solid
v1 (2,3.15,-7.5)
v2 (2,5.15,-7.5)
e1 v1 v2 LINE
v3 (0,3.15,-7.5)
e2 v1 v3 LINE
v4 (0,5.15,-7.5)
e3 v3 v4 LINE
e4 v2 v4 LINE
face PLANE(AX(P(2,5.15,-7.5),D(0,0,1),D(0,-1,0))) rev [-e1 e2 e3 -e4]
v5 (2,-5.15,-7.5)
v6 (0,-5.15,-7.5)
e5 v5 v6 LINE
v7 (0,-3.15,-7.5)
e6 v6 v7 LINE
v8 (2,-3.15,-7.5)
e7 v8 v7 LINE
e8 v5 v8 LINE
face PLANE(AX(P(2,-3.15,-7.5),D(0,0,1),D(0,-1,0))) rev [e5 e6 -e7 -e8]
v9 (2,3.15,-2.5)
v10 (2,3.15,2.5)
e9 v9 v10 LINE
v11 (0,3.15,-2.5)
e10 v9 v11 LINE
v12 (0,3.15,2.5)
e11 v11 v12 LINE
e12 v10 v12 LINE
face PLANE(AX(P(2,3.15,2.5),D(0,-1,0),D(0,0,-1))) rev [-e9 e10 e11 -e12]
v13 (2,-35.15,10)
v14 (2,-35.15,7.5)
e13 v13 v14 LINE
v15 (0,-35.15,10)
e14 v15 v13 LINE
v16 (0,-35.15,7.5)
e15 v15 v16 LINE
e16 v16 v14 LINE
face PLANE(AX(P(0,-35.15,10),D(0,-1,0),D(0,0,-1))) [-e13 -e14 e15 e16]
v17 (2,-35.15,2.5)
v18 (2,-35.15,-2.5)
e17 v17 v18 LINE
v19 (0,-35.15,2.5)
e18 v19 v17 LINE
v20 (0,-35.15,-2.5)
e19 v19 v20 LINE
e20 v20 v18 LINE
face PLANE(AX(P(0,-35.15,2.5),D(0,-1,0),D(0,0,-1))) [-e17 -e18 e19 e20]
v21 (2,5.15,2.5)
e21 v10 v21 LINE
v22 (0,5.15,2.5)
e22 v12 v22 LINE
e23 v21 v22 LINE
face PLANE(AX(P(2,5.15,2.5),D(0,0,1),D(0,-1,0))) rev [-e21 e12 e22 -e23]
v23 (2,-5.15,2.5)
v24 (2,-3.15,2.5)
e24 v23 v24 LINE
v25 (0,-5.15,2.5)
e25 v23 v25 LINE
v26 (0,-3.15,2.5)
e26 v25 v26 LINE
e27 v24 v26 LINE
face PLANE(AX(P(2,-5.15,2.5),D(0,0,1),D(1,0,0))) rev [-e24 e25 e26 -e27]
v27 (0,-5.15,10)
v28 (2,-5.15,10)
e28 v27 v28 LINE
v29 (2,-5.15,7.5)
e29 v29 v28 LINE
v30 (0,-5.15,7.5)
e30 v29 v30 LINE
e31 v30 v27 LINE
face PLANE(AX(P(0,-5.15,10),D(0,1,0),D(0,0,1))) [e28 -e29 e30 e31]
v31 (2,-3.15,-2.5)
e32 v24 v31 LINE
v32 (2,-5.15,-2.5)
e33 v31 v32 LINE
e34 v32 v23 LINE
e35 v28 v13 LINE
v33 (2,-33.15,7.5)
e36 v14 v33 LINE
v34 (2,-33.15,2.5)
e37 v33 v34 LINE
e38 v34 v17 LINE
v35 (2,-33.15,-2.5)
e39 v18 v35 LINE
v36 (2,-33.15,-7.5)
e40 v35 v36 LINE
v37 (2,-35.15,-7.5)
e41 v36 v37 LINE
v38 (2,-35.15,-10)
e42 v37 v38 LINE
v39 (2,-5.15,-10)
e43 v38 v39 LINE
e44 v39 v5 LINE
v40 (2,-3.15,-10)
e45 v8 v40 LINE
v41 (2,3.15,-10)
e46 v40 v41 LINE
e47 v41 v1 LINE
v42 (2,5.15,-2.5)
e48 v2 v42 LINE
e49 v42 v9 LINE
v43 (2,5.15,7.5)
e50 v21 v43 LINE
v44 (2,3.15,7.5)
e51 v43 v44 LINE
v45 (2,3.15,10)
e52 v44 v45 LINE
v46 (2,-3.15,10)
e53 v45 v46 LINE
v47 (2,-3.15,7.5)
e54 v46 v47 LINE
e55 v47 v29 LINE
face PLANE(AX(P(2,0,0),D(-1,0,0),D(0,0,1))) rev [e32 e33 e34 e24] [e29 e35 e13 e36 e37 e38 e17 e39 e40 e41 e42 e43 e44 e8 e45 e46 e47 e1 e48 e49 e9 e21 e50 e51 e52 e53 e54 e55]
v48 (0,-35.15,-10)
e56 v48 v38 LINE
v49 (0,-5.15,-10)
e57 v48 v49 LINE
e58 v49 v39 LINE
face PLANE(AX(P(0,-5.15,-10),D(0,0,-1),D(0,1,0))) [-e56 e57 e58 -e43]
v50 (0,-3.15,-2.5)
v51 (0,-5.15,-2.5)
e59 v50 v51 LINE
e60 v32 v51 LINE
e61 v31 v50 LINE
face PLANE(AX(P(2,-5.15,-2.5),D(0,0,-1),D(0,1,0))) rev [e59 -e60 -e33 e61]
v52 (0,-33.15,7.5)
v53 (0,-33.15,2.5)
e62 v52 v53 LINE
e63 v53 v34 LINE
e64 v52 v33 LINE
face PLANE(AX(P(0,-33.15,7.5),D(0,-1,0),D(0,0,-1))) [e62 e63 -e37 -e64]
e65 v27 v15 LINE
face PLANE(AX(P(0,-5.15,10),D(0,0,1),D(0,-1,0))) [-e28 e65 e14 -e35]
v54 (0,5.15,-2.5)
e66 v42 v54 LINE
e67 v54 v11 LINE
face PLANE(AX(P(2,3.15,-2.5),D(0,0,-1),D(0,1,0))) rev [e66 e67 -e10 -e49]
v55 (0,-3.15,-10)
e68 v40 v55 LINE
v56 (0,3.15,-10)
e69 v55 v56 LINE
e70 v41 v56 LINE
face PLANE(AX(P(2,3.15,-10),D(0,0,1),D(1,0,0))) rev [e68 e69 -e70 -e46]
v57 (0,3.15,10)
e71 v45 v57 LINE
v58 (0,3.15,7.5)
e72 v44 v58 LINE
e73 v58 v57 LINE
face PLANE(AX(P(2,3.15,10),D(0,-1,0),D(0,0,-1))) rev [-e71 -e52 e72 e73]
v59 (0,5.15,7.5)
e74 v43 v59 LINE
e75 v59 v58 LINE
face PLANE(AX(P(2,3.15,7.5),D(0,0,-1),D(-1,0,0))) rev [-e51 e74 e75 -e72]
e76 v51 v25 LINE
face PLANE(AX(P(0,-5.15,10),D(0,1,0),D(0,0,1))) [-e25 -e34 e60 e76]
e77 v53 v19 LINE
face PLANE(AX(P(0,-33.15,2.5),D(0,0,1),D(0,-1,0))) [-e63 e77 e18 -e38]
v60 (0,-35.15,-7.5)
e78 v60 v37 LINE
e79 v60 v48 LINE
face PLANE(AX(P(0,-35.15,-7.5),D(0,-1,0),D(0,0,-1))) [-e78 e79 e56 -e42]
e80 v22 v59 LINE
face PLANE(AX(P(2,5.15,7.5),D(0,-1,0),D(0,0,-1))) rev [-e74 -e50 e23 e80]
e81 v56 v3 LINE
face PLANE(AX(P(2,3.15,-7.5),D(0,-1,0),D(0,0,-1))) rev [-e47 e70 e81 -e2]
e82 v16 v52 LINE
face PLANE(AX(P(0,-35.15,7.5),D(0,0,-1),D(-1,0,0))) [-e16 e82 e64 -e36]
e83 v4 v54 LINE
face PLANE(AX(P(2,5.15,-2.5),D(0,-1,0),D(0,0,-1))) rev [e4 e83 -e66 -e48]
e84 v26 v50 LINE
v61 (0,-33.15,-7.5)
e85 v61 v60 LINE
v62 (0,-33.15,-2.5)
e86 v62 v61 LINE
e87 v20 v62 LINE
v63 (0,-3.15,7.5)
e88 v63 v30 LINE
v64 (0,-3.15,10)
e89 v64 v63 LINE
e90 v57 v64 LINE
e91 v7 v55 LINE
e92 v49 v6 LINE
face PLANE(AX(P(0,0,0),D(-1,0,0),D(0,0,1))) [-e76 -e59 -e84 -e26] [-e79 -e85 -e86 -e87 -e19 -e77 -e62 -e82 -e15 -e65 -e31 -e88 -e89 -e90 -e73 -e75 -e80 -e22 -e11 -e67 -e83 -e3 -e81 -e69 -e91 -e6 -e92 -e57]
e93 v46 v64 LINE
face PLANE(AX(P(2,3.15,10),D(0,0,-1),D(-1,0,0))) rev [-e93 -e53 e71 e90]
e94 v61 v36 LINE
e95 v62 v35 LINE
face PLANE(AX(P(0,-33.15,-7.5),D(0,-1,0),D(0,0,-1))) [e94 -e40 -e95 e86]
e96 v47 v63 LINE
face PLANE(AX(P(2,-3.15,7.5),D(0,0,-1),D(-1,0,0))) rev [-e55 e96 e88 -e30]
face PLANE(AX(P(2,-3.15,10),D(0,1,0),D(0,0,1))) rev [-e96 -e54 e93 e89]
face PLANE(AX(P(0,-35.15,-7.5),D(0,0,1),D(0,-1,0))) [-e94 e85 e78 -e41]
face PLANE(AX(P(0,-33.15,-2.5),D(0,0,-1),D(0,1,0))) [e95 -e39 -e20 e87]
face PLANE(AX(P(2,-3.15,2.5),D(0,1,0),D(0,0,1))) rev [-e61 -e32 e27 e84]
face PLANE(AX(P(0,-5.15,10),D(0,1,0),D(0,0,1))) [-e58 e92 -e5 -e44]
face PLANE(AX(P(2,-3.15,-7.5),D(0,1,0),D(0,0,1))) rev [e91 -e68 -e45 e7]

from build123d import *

# Parameters (mm, degrees)
BOSS_EXTRUDE1_DEPTH = 2
BOSS_EXTRUDE2_DEPTH = 2


with BuildPart() as part:
    # Sketch1 → Boss-Extrude1 (new body)
    with BuildSketch(Plane(origin=(0, 0, 0), x_dir=(0, 0, -1), z_dir=(1, 0, 0))):
        Polygon((-7.5, 3.15), (-7.5, 5.15), (-2.5, 5.15), (-2.5, 3.15), (2.5, 3.15), (2.5, 5.15), (7.5, 5.15), (7.5, 3.15), (10, 3.15), (10, -3.15), (7.5, -3.15), (7.5, -5.15), (2.5, -5.15), (2.5, -3.15), (-2.5, -3.15), (-2.5, -5.15), (-7.5, -5.15), (-7.5, -3.15), (-10, -3.15), (-10, 3.15), align=None)
    extrude(amount=BOSS_EXTRUDE1_DEPTH)

    # Sketch2 → Boss-Extrude2 (add)
    with BuildSketch(Plane(origin=(2, 0, 0), x_dir=(0, 0, -1), z_dir=(1, 0, 0))):
        Polygon((-10, -5.15), (10, -5.15), (10, -35.15), (7.5, -35.15), (7.5, -33.15), (2.5, -33.15), (2.5, -35.15), (-2.5, -35.15), (-2.5, -33.15), (-7.5, -33.15), (-7.5, -35.15), (-10, -35.15), align=None)
    extrude(amount=-BOSS_EXTRUDE2_DEPTH)


solid = part.part
